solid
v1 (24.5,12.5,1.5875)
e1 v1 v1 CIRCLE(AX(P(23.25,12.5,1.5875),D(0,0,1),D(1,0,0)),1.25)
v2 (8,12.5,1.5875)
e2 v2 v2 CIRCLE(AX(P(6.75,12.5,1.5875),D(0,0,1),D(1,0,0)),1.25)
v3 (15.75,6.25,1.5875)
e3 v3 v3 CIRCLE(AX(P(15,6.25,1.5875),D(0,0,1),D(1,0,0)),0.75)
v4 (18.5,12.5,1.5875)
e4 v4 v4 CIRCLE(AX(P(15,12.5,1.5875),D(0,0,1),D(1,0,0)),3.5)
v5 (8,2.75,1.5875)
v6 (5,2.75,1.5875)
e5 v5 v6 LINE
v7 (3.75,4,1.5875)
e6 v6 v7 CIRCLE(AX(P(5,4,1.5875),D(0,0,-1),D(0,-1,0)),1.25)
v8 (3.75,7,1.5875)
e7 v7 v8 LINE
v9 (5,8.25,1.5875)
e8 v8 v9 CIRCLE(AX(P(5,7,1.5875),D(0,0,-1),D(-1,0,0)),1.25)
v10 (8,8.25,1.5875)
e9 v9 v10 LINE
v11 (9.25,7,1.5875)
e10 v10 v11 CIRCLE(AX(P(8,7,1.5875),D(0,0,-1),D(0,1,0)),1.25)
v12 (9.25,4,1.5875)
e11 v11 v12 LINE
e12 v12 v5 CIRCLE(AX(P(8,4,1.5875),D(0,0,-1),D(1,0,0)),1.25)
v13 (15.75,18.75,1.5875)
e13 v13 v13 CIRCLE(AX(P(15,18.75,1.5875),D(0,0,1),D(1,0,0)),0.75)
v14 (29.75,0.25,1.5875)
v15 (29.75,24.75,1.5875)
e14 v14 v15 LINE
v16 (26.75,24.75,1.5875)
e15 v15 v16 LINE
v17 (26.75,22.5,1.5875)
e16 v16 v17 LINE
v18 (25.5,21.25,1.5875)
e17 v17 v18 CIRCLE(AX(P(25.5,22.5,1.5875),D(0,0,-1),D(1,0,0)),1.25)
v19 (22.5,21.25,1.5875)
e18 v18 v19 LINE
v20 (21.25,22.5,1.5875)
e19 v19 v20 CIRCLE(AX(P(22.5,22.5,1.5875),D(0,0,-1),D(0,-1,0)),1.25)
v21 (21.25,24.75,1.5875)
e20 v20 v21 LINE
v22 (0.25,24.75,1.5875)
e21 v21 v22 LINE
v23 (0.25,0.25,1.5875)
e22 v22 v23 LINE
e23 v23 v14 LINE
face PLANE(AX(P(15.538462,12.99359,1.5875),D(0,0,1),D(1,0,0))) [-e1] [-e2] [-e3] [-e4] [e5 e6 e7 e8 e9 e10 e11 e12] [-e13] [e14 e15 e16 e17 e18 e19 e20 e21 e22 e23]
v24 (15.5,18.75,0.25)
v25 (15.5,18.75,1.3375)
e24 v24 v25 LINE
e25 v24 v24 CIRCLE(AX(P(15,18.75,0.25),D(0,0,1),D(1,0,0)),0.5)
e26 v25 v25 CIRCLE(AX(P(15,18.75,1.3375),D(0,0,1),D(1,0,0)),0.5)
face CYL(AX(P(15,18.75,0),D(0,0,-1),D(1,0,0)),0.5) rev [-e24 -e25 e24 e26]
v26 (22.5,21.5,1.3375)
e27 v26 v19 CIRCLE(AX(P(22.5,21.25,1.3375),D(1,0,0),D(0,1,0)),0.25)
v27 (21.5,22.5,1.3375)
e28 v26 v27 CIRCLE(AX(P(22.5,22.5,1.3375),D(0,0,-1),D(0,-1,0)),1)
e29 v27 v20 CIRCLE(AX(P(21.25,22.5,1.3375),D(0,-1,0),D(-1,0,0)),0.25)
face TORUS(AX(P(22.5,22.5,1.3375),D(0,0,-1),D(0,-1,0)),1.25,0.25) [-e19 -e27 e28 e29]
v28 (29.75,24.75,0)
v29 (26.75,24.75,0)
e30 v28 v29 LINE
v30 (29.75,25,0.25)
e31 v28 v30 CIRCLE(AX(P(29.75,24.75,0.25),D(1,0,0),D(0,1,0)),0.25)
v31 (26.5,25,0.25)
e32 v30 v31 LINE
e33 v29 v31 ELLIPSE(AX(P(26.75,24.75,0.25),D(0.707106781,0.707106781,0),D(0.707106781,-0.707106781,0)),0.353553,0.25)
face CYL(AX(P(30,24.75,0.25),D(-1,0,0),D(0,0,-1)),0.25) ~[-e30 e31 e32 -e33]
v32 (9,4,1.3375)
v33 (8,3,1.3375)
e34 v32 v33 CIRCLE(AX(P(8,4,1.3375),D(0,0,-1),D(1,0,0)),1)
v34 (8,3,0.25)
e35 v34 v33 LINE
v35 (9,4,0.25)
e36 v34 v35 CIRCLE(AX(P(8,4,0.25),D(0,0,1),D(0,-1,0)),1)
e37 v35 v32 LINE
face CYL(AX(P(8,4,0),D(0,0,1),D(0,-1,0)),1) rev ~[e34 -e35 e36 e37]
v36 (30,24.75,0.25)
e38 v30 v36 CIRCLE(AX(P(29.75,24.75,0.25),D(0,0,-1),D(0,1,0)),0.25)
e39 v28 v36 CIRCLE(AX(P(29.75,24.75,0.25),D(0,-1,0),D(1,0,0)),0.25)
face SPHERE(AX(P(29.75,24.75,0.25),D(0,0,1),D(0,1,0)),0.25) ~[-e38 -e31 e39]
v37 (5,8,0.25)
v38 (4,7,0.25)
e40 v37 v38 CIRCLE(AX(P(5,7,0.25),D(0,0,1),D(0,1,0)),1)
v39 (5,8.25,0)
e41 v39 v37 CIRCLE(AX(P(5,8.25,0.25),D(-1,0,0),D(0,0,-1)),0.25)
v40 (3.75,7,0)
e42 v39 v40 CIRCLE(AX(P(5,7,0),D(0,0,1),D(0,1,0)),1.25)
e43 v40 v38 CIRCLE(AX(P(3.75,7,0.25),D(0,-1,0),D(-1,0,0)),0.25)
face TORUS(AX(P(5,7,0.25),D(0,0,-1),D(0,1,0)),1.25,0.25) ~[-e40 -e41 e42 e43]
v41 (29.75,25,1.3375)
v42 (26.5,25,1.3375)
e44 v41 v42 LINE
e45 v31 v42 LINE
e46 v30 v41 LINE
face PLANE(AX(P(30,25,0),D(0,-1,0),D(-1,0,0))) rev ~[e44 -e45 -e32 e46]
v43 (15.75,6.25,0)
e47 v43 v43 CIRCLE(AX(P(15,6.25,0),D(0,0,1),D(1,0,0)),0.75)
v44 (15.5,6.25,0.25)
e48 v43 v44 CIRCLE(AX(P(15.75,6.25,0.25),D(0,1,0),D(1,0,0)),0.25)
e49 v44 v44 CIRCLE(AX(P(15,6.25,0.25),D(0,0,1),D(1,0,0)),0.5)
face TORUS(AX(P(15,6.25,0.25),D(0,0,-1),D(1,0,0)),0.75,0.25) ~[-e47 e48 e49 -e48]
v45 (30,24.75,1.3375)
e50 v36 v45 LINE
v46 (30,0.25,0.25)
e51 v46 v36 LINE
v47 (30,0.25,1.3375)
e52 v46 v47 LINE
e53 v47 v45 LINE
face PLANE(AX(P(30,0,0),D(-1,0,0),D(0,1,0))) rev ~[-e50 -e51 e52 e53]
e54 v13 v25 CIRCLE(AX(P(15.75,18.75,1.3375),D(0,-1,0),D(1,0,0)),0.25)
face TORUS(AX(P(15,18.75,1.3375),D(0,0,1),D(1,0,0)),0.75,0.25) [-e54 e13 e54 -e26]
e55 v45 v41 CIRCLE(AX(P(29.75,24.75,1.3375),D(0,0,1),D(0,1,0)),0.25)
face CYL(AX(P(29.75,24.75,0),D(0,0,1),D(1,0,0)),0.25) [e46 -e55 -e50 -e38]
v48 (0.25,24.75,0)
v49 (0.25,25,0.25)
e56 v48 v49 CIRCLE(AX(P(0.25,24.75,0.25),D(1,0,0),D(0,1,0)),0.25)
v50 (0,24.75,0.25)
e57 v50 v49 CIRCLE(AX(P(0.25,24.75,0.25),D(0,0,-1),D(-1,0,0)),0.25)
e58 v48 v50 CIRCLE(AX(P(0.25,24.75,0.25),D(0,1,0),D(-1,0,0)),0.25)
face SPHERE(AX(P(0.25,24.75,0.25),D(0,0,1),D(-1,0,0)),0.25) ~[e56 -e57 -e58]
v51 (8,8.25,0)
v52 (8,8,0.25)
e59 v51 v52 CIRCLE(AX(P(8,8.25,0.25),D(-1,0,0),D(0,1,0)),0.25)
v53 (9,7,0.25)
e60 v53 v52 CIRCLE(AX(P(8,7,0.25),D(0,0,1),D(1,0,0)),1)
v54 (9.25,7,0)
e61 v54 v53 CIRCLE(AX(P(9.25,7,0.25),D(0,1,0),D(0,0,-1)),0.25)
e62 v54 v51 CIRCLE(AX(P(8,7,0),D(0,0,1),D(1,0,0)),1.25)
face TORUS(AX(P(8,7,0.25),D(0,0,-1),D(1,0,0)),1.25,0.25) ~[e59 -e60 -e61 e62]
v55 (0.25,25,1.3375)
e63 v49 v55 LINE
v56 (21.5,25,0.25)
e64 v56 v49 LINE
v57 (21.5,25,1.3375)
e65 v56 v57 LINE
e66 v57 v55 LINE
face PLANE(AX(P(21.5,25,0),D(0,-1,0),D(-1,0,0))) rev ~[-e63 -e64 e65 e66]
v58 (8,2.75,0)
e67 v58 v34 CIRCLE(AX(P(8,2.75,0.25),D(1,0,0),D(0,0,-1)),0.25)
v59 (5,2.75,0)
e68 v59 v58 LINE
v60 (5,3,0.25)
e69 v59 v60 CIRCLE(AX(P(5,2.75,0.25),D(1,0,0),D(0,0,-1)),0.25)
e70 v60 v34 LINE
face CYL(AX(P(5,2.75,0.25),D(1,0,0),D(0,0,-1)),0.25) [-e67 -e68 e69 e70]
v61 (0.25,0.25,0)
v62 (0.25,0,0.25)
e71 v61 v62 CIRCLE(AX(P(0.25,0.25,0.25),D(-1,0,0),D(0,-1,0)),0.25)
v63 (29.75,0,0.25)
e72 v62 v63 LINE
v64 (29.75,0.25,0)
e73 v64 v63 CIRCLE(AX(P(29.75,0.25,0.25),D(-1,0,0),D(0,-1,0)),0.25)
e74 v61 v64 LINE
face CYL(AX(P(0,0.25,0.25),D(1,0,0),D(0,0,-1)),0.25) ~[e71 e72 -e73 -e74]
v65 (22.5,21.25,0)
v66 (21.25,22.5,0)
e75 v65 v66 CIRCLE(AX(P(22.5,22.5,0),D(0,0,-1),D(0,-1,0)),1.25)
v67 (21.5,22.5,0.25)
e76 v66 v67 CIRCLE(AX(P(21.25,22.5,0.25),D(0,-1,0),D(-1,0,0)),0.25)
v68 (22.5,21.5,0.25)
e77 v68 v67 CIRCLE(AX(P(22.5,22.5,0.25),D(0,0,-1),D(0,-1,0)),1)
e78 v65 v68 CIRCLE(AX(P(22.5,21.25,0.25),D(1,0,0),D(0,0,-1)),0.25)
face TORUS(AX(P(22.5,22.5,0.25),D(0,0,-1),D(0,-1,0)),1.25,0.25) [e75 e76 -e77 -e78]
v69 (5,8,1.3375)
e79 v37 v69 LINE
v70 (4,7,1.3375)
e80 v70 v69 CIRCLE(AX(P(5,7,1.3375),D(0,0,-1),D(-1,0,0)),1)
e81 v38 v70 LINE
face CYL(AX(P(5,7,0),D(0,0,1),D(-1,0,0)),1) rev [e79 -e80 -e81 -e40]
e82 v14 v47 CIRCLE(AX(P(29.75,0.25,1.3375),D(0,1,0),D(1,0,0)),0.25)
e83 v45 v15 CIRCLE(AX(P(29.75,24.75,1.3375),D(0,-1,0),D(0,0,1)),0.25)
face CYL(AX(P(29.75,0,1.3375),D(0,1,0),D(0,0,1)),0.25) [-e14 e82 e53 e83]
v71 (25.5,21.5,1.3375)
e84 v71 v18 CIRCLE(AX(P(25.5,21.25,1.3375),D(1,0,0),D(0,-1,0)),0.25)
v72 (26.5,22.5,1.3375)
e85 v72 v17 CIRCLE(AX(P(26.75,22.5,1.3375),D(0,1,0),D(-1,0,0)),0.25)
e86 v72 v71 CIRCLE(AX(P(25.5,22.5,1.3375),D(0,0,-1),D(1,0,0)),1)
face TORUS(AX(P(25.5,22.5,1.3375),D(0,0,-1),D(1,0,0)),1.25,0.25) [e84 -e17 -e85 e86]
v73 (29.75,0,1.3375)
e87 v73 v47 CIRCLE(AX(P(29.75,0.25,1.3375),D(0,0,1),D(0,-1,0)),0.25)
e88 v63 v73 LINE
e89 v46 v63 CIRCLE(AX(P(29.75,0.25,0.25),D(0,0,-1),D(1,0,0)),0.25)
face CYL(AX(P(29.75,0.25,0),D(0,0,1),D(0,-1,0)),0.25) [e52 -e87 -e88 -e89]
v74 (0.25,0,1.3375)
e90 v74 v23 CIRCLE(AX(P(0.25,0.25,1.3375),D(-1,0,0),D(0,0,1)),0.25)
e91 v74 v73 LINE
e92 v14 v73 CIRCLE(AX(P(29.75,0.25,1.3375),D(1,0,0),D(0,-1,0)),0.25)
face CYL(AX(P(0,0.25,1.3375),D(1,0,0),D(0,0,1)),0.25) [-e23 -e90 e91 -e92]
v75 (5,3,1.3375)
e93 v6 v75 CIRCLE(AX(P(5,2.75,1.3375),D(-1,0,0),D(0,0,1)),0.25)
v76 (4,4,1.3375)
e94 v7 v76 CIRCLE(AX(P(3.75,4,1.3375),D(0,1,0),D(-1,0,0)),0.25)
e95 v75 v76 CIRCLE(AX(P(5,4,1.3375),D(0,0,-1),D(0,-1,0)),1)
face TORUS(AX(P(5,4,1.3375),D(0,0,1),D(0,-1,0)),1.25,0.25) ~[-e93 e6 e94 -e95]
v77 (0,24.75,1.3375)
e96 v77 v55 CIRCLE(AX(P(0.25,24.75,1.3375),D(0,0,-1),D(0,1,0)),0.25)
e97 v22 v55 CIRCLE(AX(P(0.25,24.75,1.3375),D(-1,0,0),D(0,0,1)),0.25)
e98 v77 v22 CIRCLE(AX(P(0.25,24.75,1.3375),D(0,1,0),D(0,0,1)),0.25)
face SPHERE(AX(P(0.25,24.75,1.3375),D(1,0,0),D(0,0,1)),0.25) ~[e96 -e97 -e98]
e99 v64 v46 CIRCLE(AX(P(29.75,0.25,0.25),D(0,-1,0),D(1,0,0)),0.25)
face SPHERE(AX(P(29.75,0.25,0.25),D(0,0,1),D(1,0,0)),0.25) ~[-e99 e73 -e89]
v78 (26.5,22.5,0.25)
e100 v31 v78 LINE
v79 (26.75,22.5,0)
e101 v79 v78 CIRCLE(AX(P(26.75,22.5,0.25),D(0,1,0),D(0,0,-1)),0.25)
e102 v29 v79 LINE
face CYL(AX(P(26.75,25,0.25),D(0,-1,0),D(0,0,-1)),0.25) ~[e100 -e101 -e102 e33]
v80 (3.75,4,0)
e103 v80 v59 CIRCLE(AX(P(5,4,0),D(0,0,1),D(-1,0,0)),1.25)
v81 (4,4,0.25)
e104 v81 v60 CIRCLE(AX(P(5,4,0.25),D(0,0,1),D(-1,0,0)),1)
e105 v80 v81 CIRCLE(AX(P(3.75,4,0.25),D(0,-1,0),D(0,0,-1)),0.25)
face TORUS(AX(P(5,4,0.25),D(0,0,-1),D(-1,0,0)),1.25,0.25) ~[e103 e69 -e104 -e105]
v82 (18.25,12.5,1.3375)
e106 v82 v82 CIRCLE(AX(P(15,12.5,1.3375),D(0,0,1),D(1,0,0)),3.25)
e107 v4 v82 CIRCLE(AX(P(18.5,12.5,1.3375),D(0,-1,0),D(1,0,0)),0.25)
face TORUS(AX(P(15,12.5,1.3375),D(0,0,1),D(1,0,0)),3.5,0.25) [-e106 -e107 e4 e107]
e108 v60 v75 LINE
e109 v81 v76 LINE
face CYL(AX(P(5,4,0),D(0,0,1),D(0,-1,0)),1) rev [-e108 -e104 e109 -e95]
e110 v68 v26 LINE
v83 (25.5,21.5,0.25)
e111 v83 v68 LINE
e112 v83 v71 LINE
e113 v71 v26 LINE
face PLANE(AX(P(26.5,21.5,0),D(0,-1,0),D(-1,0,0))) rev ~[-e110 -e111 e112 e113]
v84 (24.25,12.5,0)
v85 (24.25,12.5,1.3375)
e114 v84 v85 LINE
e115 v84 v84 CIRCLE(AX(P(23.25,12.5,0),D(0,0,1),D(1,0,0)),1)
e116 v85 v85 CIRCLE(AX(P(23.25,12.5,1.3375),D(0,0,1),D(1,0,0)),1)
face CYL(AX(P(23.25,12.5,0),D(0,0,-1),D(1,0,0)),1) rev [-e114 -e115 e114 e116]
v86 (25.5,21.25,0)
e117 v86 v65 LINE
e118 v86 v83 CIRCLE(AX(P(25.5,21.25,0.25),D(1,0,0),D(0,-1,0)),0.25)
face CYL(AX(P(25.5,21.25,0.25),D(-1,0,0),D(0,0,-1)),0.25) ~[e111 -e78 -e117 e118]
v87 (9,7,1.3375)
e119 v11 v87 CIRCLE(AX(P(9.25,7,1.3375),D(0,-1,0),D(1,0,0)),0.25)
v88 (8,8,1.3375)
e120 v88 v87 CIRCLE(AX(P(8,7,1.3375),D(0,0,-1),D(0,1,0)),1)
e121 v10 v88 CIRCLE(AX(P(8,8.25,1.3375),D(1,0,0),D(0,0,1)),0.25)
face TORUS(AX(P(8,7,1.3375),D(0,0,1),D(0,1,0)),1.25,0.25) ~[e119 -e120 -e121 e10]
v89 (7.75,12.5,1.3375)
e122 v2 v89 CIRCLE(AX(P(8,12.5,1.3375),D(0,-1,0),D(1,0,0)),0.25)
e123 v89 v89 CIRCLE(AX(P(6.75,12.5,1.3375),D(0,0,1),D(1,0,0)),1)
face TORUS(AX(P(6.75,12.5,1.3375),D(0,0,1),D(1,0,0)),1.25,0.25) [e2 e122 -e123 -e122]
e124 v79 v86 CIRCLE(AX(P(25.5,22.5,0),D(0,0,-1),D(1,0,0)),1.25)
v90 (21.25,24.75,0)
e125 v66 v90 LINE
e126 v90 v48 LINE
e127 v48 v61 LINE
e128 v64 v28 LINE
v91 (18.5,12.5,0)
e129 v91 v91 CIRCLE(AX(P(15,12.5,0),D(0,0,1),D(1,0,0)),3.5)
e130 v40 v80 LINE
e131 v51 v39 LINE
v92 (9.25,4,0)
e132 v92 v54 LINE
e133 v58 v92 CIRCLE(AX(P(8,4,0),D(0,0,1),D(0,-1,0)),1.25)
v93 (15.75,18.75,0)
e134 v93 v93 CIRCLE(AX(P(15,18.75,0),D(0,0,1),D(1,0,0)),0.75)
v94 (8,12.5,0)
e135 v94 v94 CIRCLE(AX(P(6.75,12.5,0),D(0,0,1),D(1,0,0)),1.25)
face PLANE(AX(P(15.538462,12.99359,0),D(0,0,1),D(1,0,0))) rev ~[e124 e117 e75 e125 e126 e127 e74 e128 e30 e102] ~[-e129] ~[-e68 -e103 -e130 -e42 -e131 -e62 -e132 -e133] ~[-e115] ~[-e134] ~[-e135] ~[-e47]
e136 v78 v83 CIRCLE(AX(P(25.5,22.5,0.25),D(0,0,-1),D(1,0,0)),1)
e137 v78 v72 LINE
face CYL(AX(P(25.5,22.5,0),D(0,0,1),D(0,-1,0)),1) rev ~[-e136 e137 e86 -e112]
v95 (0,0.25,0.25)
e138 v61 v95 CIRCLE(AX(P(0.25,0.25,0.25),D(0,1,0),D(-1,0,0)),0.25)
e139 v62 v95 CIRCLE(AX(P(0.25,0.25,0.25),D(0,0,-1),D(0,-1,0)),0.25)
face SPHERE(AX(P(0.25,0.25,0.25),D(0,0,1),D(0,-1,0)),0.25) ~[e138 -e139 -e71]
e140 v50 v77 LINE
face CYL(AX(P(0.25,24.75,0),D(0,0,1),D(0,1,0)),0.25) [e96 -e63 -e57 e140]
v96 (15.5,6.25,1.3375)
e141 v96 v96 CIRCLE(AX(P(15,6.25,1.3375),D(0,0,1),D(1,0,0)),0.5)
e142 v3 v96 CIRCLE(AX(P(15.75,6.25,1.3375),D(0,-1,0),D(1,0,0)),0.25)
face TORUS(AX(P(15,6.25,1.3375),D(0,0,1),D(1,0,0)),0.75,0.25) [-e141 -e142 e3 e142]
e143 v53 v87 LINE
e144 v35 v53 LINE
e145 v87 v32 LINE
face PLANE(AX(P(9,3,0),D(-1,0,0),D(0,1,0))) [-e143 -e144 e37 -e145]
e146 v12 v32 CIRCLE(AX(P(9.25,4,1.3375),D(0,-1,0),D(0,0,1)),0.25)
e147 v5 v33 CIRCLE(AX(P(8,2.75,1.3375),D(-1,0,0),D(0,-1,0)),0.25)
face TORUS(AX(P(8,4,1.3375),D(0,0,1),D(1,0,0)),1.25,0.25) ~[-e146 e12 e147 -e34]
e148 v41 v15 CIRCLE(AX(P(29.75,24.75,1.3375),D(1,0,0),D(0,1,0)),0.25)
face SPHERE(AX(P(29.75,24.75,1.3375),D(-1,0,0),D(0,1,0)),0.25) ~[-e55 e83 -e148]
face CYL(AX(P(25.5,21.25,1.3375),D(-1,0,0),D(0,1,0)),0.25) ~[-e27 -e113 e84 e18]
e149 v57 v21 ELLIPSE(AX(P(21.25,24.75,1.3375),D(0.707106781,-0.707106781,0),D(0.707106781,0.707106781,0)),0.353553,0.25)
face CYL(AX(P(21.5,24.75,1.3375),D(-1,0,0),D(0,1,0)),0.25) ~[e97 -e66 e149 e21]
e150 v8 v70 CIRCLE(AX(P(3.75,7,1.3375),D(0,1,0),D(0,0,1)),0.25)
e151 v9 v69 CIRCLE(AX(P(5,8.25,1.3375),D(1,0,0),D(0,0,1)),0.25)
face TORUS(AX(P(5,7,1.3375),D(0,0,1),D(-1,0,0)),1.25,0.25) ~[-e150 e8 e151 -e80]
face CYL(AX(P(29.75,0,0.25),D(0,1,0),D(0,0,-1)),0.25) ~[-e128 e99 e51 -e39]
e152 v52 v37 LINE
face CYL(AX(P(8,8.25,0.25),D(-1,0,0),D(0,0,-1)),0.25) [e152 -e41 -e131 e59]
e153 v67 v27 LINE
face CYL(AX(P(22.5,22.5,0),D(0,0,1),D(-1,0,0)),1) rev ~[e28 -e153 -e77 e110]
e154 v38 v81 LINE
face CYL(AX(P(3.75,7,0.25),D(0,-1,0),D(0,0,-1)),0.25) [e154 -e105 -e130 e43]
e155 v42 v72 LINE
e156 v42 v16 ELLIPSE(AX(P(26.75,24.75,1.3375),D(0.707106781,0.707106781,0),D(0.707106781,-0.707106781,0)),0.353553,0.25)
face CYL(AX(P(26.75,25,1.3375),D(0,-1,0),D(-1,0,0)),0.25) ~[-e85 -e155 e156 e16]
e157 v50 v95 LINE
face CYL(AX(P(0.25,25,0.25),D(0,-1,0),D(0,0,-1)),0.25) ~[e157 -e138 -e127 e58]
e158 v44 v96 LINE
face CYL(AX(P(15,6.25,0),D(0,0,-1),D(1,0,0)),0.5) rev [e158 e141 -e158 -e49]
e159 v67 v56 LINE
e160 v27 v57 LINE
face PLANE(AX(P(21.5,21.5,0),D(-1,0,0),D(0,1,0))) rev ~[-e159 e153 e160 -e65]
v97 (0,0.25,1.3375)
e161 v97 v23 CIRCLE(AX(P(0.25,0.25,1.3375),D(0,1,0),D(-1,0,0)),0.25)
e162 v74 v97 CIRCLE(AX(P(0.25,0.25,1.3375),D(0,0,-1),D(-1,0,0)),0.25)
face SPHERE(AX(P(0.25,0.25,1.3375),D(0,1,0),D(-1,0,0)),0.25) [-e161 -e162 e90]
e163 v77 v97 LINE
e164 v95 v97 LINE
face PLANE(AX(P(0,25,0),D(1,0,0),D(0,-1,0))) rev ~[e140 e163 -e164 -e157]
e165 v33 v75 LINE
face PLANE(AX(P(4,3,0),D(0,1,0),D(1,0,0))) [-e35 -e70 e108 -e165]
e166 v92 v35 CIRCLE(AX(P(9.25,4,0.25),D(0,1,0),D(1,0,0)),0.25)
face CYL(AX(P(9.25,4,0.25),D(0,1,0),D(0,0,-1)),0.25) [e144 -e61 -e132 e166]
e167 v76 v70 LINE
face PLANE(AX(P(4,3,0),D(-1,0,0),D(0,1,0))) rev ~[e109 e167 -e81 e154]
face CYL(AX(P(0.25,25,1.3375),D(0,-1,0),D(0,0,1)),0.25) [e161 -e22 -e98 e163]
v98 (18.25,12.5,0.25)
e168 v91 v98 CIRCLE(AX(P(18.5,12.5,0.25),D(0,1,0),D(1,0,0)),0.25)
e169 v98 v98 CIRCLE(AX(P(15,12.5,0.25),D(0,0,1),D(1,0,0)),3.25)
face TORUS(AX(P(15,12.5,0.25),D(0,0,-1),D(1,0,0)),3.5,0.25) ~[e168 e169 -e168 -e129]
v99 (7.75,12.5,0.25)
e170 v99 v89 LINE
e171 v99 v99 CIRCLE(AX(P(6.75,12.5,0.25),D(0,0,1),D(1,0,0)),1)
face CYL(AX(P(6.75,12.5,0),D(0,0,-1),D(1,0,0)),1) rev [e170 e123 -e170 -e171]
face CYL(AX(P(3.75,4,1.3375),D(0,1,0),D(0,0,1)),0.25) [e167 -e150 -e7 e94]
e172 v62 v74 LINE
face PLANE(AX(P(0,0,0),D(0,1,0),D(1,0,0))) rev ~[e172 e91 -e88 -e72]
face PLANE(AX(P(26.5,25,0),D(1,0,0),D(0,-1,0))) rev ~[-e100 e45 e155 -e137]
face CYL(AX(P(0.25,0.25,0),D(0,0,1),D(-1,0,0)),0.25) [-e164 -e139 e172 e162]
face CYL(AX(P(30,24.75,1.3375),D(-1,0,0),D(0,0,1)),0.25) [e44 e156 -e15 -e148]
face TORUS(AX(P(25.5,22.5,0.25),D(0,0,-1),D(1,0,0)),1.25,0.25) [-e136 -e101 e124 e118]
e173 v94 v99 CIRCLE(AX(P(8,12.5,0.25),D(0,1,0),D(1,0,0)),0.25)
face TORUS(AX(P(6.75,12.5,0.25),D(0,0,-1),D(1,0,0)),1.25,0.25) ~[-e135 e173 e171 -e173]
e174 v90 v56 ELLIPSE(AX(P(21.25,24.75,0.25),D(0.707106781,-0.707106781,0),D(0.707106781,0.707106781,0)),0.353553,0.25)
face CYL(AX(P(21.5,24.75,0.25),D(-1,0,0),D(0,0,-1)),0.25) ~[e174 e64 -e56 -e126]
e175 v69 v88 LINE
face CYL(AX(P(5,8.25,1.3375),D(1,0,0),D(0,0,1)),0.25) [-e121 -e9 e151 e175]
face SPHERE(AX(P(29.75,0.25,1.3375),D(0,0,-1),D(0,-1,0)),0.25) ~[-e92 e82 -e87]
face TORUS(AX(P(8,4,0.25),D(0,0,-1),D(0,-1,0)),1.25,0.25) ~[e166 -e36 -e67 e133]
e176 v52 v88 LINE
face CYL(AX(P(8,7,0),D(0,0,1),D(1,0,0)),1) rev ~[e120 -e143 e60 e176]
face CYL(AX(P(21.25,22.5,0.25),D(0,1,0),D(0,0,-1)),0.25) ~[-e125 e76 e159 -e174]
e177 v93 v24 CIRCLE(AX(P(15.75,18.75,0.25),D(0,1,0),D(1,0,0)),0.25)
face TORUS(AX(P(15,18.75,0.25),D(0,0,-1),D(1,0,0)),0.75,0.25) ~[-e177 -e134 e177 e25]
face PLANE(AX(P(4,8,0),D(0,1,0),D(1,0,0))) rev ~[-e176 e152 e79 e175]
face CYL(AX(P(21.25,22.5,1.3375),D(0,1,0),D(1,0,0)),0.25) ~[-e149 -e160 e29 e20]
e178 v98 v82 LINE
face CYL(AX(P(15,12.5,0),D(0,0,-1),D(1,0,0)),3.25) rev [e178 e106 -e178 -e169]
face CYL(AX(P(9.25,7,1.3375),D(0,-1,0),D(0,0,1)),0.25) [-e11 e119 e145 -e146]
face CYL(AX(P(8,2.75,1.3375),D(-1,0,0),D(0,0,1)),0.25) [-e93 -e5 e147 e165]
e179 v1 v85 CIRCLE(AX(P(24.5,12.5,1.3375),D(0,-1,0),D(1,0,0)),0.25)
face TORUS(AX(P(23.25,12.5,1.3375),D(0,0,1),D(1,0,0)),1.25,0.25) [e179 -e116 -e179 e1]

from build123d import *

# Parameters (mm, degrees)
F0_W     = 5
F0_H     = 5
F0_R     = 0.5
F0_R_2   = 1
F0_R_3   = 3.25
F1_DEPTH = 1.5875
F2_R     = 1
F3_R     = 0.25


with BuildPart() as f1:
    # F0 (on Top) → F1 (new body)
    with BuildSketch(Plane.XY):
        Polygon((0, 25), (0, 0), (30, 0), (30, 25), (26.5, 25), (26.5, 21.5), (21.5, 21.5), (21.5, 25), align=None)
        with Locations((6.5, 5.5)):
            Rectangle(F0_W, F0_H, mode=Mode.SUBTRACT)
        with Locations((15, 6.25)):
            Circle(F0_R, mode=Mode.SUBTRACT)
        with Locations((6.75, 12.5)):
            Circle(F0_R_2, mode=Mode.SUBTRACT)
        with Locations((15, 12.5)):
            Circle(F0_R_3, mode=Mode.SUBTRACT)
        with Locations((23.25, 12.5)):
            Circle(F0_R_2, mode=Mode.SUBTRACT)
        with Locations((15, 18.75)):
            Circle(F0_R, mode=Mode.SUBTRACT)
    extrude(amount=F1_DEPTH)

    # F2
    f2_edges = [f1.edges().sort_by_distance(p)[0] for p in [
        (4, 8, 0.79375),
        (9, 8, 0.79375),
        (9, 3, 0.79375),
        (4, 3, 0.79375),
        (21.5, 21.5, 0.79375),
        (26.5, 21.5, 0.79375),
    ]]
    fillet(f2_edges, radius=F2_R)

    # F3
    f3_edges = [f1.edges().sort_by_distance(p)[0] for p in [
        (5.75, 12.5, 1.5875),
        (5.75, 12.5, 0),
        (14.5, 18.75, 1.5875),
        (14.5, 18.75, 0),
        (22.25, 12.5, 1.5875),
        (14.5, 6.25, 1.5875),
        (14.5, 6.25, 0),
        (11.75, 12.5, 1.5875),
        (11.75, 12.5, 0),
        (6.5, 8, 1.5875),
        (4.292893, 7.707107, 1.5875),
        (21.5, 23.75, 1.5875),
        (28.25, 25, 1.5875),
        (10.75, 25, 1.5875),
        (0, 12.5, 1.5875),
        (0, 25, 0.79375),
        (30, 25, 0.79375),
        (30, 0, 0.79375),
        (0, 0, 0.79375),
        (15, 0, 1.5875),
        (30, 12.5, 1.5875),
        (24, 21.5, 0),
        (26.207107, 21.792893, 0),
        (28.25, 25, 0),
        (30, 12.5, 0),
        (15, 0, 0),
        (0, 12.5, 0),
        (10.75, 25, 0),
        (6.5, 3, 0),
    ]]
    fillet(f3_edges, radius=F3_R)


solid = f1.part
